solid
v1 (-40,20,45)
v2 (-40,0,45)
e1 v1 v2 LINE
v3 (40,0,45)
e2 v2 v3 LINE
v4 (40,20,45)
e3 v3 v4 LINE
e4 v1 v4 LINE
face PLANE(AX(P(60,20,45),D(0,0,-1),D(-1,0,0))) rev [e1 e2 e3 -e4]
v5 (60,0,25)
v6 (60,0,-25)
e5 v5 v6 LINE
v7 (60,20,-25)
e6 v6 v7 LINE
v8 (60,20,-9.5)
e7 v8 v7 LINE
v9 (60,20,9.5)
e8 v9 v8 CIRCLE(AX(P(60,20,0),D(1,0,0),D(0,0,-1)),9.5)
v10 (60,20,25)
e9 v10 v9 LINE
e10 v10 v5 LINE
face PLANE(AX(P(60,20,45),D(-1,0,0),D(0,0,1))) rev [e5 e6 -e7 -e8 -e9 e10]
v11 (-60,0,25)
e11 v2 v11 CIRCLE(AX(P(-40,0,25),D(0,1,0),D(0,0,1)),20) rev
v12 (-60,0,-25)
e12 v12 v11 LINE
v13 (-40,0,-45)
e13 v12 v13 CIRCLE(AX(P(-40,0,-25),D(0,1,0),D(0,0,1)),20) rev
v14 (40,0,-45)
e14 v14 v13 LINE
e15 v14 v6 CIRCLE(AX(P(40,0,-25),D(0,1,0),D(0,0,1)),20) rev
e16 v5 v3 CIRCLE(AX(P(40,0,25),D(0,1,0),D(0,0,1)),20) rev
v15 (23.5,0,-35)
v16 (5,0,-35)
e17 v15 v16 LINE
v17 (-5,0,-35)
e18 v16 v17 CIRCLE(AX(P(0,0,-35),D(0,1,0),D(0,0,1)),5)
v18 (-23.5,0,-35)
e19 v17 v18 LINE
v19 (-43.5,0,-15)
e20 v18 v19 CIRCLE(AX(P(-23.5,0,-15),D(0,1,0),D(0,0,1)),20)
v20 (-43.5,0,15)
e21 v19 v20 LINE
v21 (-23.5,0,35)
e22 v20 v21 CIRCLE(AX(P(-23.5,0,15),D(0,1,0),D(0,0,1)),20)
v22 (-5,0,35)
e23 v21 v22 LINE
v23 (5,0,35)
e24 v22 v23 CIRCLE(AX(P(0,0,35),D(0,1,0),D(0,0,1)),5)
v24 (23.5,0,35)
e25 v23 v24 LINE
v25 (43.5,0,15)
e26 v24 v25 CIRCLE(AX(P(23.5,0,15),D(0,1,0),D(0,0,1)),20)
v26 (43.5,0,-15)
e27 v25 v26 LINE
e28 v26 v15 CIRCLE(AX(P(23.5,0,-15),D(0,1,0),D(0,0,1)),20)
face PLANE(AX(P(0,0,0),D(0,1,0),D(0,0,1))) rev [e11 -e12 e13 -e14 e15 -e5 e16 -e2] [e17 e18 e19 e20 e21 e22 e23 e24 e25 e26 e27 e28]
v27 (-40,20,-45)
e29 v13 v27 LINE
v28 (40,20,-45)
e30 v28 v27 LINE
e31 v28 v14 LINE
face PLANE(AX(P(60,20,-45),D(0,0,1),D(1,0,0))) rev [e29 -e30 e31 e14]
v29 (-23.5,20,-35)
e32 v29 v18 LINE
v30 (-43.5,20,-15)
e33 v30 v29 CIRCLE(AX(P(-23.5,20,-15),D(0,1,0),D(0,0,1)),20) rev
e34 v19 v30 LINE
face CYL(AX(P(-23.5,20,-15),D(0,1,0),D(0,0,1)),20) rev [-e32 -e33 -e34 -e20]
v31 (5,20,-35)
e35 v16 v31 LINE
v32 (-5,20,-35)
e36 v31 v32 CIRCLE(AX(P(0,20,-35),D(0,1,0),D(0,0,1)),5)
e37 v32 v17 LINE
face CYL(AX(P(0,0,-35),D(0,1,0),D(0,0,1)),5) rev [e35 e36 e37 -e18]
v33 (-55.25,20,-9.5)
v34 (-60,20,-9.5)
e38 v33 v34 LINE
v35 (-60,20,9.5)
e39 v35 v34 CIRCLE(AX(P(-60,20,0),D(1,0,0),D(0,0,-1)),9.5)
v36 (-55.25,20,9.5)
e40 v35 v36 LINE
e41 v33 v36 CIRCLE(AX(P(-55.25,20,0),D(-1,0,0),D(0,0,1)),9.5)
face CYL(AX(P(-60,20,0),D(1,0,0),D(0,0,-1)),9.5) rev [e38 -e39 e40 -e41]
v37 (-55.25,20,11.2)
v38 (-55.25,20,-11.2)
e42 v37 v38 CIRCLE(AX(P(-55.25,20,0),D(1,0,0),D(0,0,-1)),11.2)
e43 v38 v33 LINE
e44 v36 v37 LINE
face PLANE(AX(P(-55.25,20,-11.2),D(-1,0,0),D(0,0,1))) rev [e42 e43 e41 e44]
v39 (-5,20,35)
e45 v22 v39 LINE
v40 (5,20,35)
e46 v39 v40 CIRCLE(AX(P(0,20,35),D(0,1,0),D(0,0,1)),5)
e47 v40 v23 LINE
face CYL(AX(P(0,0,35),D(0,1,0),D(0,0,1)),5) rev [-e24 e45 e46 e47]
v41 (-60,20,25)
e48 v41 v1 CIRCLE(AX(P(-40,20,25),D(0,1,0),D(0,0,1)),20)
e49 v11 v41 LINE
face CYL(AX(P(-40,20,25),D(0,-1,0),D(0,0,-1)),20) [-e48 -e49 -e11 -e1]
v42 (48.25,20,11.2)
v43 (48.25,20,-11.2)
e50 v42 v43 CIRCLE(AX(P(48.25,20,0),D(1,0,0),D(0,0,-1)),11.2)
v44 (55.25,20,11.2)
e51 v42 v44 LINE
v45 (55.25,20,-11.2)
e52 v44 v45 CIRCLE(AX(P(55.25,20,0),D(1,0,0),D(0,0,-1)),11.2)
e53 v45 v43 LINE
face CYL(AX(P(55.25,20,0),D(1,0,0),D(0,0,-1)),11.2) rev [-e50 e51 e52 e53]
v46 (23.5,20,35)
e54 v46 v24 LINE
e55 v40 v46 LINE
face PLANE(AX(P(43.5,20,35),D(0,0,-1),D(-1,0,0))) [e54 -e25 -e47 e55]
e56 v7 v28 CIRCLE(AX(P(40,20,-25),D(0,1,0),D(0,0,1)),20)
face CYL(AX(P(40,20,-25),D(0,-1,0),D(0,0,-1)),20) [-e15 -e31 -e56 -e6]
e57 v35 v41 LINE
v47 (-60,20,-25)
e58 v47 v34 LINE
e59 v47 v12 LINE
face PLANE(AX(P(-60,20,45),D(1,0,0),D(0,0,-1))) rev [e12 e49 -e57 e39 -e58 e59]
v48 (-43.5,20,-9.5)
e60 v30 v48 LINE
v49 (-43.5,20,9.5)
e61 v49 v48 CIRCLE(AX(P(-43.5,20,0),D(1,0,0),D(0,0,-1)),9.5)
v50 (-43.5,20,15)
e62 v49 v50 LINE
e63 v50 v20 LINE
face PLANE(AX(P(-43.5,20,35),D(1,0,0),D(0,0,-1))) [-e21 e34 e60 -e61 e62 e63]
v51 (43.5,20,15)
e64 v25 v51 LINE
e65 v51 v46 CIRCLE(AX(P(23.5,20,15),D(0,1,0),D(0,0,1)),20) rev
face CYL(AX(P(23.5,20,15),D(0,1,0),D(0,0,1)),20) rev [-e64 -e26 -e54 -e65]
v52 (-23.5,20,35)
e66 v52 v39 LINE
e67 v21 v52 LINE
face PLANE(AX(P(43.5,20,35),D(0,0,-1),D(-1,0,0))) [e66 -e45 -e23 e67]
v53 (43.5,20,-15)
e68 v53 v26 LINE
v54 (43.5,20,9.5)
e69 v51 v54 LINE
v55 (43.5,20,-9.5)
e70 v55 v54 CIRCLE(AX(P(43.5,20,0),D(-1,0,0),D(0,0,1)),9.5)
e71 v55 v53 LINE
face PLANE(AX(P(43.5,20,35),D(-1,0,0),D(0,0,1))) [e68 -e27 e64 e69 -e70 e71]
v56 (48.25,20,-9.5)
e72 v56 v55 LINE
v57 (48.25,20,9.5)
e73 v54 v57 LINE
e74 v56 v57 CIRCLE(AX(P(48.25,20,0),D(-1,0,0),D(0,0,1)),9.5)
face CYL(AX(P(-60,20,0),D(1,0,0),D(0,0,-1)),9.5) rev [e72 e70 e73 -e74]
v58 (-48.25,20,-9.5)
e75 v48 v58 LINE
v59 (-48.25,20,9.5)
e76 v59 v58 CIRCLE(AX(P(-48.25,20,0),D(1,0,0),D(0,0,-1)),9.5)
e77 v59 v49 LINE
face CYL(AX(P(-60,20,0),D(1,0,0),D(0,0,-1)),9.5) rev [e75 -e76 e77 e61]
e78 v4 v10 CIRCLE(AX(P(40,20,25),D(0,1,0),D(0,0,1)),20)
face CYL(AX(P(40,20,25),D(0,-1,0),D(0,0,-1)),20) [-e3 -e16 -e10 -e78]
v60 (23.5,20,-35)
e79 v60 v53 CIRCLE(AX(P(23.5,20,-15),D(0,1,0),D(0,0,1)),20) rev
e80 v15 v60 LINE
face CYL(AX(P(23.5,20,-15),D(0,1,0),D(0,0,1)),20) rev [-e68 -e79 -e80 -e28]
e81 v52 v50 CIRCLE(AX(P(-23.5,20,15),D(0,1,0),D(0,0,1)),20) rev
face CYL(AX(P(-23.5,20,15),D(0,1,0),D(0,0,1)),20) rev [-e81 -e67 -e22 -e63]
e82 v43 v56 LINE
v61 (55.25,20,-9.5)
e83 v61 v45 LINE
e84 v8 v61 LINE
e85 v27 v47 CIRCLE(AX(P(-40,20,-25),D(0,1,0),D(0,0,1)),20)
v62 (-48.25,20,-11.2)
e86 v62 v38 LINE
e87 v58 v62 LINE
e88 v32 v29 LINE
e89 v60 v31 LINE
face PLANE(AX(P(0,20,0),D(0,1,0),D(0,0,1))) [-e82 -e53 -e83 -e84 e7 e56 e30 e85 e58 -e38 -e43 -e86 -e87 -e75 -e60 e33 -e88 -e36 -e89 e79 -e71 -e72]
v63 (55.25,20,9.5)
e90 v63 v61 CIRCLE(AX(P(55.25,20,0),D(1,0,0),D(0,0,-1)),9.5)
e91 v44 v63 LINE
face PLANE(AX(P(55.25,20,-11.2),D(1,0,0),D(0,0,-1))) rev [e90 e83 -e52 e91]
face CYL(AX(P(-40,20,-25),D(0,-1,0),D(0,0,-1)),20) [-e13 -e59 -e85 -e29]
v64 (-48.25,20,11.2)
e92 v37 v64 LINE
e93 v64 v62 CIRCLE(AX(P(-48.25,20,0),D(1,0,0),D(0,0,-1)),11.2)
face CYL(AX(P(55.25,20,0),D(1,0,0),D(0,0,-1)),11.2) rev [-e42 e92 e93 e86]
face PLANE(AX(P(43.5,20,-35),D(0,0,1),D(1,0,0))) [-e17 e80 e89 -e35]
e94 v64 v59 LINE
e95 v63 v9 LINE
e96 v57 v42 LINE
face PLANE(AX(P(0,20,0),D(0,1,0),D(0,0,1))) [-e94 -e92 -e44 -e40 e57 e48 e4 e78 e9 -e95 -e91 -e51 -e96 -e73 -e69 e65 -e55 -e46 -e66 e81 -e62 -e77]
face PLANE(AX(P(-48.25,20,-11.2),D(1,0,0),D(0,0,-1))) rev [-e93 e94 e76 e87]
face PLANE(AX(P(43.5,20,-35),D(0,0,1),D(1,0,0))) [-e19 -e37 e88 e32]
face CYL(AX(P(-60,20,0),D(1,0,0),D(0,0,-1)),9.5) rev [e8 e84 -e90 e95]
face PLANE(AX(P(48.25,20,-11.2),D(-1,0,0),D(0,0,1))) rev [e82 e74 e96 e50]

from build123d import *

# Parameters (mm, degrees)
SKETCH2_W           = 120
SKETCH2_H           = 90
SKETCH2_W_2         = 87
SKETCH2_H_2         = 70
BOSS_EXTRUDE1_DEPTH = 20
SKETCH3_W           = 7
SKETCH3_H           = 11.2
SKETCH4_R           = 9.5
CUT_EXTRUDE1_DEPTH  = 121
FILLET1_R           = 20
SKETCH5_R           = 5
CUT_EXTRUDE2_DEPTH  = 21


with BuildPart() as part:
    # Sketch2 → Boss-Extrude1 (new body)
    with BuildSketch(Plane(origin=(0, 0, 0), x_dir=(1, 0, 0), z_dir=(0, 1, 0))):
        Rectangle(SKETCH2_W, SKETCH2_H)
        Rectangle(SKETCH2_W_2, SKETCH2_H_2, mode=Mode.SUBTRACT)
    extrude(amount=BOSS_EXTRUDE1_DEPTH)

    # Sketch3 → Cut-Revolve1 (revolve, cut)
    with BuildSketch(Plane(origin=(0, 20, 0), x_dir=(1, 0, 0), z_dir=(0, 1, 0))):
        with Locations((-51.75, 5.6)):
            Rectangle(SKETCH3_W, SKETCH3_H)
        with Locations((51.75, 5.6)):
            Rectangle(SKETCH3_W, SKETCH3_H)
    revolve(axis=Axis((55.25, 20, 0), (-1, 0, 0)), mode=Mode.SUBTRACT)

    # Sketch4 → Cut-Extrude1 (cut, through all)
    with BuildSketch(Plane(origin=(60, 0, 0), x_dir=(0, 0, -1), z_dir=(1, 0, 0))):
        with Locations((0, 20)):
            Circle(SKETCH4_R)
    extrude(amount=-CUT_EXTRUDE1_DEPTH, mode=Mode.SUBTRACT)

    # Fillet1
    fillet1_edges = [part.edges().sort_by_distance(p)[0] for p in [
        (-43.5, 10, -35),
        (-43.5, 10, 35),
        (43.5, 10, 35),
        (43.5, 10, -35),
        (-60, 10, -45),
        (60, 10, -45),
        (60, 10, 45),
        (-60, 10, 45),
    ]]
    fillet(fillet1_edges, radius=FILLET1_R)

    # Sketch5 → Cut-Extrude2 (cut, through all)
    with BuildSketch(Plane(origin=(0, 20, 0), x_dir=(1, 0, 0), z_dir=(0, 1, 0))):
        with Locations((0, -35)):
            Circle(SKETCH5_R)
        with Locations((0, 35)):
            Circle(SKETCH5_R)
    extrude(amount=-CUT_EXTRUDE2_DEPTH, mode=Mode.SUBTRACT)


solid = part.part
